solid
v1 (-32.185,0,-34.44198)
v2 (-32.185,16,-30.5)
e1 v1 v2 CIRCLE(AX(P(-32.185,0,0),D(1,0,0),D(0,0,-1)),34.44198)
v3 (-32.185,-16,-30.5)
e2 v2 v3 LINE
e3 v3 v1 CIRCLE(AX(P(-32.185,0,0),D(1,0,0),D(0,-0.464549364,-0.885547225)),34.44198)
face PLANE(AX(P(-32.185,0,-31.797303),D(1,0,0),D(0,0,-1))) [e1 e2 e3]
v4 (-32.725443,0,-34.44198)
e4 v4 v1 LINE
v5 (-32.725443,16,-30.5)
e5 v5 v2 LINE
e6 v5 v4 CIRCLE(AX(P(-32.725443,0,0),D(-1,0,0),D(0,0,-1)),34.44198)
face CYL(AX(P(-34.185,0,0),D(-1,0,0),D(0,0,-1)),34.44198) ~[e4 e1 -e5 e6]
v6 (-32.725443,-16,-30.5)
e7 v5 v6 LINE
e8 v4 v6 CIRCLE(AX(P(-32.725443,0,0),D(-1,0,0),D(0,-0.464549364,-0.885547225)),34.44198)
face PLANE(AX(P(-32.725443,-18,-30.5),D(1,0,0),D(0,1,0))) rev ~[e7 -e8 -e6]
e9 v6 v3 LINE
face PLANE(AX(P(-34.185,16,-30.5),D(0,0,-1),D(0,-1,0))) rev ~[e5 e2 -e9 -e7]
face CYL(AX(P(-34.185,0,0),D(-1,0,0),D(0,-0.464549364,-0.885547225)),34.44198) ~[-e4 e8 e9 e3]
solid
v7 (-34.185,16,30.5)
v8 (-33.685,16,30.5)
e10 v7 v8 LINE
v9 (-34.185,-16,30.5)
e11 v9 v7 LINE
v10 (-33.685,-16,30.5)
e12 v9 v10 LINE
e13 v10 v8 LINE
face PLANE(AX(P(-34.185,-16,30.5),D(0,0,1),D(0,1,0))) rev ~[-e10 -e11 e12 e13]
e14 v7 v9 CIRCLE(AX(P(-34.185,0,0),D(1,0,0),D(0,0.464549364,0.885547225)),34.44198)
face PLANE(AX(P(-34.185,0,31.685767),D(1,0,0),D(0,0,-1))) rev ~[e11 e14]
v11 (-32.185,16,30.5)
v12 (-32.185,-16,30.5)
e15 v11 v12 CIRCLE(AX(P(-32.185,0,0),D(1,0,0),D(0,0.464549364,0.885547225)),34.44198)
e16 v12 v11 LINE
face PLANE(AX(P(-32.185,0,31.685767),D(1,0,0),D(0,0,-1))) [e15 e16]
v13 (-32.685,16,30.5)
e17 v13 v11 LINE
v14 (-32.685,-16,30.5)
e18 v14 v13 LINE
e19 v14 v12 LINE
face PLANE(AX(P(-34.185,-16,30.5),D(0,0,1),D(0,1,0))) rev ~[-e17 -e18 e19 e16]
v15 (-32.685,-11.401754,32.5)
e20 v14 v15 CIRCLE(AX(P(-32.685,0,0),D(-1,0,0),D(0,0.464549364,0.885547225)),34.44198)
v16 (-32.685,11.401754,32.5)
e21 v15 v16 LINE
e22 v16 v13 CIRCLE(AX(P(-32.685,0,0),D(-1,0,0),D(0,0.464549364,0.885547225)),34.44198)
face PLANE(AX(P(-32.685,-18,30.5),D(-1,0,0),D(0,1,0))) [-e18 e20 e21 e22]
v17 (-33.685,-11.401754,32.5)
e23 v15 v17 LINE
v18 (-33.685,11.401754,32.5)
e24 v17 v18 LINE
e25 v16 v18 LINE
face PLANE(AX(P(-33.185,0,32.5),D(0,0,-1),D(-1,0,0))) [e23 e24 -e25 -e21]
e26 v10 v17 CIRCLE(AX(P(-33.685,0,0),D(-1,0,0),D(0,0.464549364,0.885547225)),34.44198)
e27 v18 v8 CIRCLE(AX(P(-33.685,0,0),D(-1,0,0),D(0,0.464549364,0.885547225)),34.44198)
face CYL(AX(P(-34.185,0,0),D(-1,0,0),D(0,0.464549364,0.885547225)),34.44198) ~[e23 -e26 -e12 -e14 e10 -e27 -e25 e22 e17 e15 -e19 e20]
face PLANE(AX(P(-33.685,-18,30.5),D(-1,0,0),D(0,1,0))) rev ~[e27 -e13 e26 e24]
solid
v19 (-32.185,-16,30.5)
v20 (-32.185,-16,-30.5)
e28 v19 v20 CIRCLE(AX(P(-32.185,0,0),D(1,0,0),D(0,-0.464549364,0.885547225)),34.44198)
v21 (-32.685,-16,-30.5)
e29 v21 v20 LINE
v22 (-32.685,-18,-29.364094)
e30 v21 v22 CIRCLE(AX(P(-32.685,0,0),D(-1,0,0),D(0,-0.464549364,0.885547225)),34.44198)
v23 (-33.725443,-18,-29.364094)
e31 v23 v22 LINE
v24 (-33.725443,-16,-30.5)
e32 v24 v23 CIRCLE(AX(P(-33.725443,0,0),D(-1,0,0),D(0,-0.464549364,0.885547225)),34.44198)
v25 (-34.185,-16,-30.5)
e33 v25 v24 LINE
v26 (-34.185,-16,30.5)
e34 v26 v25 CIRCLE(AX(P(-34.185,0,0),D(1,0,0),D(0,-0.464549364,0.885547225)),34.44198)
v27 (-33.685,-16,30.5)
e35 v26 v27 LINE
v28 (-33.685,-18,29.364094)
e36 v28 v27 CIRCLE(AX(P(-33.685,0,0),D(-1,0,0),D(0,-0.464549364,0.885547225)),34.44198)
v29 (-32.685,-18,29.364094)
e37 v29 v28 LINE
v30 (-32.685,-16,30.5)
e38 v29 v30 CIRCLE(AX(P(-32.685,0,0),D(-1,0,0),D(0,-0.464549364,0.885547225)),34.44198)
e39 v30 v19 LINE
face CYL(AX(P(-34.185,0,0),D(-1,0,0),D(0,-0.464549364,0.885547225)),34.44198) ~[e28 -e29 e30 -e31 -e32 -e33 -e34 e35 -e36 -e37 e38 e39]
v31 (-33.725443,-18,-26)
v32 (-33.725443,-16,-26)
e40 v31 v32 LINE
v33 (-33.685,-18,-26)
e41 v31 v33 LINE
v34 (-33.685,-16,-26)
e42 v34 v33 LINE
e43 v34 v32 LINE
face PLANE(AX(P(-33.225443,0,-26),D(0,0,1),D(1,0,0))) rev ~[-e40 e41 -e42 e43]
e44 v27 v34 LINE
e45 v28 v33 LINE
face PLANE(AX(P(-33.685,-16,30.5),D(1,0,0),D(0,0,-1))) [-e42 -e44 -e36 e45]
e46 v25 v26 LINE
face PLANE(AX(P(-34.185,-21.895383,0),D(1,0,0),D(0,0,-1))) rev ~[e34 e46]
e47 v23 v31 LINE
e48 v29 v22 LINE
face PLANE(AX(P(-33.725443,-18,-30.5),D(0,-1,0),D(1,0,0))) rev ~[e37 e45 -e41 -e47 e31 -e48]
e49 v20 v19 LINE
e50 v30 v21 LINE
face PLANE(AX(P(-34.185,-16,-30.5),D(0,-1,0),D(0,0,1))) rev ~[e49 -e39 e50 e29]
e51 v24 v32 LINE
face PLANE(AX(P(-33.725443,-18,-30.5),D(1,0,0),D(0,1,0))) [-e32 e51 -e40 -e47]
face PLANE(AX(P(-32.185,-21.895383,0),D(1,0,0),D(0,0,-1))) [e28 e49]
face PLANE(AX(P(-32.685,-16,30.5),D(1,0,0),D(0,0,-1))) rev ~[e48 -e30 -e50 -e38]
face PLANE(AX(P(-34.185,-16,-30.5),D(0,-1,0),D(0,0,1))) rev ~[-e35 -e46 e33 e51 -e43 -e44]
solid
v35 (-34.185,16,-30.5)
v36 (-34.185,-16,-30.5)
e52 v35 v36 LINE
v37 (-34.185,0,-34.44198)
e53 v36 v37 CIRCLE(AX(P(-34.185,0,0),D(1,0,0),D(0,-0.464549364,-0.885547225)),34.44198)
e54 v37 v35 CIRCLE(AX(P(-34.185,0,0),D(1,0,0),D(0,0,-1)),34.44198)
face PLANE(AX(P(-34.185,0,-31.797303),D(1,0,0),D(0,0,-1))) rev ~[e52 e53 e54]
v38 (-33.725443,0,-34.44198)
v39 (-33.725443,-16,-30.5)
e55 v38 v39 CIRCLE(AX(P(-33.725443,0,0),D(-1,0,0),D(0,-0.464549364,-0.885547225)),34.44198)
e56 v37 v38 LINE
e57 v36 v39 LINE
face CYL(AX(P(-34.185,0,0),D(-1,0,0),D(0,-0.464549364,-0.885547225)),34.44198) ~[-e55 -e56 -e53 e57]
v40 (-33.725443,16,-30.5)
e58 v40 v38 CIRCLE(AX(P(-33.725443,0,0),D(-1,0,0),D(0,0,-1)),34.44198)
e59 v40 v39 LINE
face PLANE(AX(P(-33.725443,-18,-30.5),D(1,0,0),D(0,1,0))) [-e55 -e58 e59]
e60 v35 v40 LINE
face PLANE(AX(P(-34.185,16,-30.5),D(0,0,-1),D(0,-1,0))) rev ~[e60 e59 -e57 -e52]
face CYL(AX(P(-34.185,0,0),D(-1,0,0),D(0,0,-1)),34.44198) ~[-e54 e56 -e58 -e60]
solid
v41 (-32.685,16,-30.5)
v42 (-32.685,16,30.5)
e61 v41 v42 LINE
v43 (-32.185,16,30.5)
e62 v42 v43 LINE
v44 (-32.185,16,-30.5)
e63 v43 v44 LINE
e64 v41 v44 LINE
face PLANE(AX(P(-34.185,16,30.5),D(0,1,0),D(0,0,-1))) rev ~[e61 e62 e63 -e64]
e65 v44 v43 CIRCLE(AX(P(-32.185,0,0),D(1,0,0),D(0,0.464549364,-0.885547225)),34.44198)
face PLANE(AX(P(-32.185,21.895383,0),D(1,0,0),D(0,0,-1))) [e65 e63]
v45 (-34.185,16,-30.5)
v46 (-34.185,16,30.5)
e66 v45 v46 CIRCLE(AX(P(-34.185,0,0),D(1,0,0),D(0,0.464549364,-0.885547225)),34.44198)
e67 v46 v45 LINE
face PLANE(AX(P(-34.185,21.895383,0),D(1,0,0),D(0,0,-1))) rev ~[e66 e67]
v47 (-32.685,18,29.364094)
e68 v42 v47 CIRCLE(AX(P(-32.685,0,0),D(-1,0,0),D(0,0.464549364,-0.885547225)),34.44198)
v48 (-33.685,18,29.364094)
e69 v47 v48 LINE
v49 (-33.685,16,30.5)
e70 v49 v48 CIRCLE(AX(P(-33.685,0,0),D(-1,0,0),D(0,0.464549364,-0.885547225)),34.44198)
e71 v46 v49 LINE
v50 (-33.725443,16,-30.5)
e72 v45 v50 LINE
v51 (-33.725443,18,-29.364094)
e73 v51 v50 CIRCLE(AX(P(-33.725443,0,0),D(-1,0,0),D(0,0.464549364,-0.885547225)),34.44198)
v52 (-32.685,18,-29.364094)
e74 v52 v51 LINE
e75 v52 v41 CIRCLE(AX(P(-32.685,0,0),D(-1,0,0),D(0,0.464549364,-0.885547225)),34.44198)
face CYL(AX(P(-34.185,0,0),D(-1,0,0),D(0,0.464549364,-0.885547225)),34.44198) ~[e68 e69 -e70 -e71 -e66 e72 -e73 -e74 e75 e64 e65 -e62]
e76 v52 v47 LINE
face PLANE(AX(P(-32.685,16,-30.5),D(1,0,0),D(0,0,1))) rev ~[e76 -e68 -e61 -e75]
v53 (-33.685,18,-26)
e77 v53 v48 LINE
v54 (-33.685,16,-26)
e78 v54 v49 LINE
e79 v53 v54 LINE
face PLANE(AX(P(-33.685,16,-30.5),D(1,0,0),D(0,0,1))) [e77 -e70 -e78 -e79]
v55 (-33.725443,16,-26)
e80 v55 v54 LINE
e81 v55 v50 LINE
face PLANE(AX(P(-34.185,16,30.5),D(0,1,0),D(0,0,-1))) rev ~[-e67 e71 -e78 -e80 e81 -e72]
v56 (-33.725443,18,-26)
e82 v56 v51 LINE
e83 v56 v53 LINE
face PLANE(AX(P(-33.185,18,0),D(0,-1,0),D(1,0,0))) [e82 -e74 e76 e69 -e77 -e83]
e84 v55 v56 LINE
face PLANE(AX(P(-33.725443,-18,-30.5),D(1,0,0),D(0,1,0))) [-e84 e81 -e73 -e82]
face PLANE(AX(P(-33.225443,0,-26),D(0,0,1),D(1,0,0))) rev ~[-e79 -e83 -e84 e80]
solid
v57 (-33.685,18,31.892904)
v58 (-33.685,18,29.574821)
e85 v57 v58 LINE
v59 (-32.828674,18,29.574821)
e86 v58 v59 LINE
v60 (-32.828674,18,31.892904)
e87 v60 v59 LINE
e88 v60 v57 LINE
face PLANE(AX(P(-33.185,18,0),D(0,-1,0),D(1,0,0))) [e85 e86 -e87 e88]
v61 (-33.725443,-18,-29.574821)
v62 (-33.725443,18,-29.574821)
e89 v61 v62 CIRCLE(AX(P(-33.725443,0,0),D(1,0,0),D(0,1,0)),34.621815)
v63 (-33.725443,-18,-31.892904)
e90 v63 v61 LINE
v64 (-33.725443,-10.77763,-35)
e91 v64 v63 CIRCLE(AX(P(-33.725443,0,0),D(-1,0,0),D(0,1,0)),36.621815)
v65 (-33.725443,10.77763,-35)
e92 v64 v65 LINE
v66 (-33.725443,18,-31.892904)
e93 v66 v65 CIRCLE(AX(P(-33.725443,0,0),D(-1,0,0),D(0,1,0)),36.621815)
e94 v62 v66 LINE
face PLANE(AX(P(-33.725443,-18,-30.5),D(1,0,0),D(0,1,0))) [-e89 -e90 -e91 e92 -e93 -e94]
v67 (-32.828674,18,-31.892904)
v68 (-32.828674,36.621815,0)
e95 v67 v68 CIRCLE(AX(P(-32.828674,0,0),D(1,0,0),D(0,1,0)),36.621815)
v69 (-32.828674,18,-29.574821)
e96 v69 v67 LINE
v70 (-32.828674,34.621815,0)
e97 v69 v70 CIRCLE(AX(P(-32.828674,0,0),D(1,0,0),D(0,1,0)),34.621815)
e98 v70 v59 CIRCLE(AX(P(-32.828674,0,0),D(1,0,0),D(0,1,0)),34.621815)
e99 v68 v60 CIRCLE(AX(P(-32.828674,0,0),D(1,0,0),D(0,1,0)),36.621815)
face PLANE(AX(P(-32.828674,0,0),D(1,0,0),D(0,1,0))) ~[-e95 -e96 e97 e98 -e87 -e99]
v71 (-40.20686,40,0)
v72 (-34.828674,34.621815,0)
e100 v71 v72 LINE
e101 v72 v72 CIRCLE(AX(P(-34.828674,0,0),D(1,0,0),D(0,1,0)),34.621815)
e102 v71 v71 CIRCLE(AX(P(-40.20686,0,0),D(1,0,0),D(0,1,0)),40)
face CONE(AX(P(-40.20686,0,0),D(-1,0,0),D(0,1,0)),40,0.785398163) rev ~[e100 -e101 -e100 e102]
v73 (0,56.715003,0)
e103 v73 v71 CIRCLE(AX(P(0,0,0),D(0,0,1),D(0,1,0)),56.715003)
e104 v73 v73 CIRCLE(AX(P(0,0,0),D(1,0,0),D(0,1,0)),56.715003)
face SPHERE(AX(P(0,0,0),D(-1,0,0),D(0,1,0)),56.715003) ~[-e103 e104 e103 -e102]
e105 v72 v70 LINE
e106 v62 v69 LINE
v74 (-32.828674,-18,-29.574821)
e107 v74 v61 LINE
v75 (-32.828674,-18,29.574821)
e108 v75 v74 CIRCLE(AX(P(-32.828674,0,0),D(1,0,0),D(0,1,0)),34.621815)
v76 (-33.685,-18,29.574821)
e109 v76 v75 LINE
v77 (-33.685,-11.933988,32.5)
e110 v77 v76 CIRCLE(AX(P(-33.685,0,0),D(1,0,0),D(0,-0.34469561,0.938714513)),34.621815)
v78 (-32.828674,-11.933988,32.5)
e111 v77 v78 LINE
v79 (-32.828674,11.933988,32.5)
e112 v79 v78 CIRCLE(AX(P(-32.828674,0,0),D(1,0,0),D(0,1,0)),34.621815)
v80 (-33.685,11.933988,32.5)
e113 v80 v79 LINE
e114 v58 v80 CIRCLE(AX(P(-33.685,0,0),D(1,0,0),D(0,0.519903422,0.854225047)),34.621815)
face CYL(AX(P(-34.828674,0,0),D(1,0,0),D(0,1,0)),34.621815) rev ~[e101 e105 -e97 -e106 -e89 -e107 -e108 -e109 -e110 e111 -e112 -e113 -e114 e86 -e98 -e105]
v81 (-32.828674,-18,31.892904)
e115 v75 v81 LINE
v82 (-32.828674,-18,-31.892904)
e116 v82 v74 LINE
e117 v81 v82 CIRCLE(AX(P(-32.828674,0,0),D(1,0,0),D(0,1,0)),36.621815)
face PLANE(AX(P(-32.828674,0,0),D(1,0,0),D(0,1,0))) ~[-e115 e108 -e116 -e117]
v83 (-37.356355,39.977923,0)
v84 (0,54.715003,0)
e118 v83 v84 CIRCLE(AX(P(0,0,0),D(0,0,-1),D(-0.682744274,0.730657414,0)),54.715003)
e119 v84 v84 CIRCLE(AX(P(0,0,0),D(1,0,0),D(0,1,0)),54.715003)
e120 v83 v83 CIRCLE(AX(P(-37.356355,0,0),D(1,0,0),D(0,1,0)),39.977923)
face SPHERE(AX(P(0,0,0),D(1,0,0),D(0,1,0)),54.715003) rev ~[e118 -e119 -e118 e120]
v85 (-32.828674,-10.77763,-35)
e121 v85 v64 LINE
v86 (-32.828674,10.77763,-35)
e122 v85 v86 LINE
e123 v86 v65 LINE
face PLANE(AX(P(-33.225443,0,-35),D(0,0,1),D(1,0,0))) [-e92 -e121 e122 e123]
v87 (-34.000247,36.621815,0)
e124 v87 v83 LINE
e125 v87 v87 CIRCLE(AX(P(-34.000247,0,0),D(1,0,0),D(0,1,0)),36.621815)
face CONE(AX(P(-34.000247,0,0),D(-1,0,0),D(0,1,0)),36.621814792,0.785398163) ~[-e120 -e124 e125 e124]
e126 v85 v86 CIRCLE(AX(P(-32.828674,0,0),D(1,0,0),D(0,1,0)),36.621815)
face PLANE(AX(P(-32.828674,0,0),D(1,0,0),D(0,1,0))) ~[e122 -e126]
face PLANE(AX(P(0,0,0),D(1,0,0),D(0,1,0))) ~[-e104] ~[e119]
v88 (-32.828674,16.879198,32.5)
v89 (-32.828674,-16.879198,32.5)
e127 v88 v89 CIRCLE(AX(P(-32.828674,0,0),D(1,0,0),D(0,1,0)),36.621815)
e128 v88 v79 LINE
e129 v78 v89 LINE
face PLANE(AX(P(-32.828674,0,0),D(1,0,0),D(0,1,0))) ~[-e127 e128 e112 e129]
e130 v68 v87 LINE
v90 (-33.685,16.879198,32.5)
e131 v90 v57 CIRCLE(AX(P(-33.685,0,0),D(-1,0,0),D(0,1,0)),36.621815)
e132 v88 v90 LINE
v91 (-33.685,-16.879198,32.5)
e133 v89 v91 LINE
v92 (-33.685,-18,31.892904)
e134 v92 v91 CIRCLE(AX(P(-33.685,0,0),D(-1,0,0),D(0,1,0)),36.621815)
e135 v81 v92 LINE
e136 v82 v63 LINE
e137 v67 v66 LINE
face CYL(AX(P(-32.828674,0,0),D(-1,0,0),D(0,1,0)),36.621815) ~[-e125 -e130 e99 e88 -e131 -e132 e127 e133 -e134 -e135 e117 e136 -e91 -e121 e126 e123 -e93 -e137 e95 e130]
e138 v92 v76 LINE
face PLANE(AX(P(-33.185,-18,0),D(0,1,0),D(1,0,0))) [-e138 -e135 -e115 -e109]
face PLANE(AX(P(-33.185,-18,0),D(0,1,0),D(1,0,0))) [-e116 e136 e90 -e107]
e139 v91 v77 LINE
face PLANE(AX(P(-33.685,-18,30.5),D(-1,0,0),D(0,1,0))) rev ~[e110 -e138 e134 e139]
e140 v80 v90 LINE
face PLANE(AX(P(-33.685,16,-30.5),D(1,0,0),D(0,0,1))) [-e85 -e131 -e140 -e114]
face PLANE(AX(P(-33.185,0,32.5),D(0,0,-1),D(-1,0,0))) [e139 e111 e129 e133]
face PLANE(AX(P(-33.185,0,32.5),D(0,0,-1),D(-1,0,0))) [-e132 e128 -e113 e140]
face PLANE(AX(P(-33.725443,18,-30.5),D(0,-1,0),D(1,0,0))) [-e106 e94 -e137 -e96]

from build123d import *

# Parameters (mm, degrees)
BOSS_EXTRUDE1_DEPTH   = 2
BOSS_EXTRUDE1_2_DEPTH = 2
BOSS_EXTRUDE1_3_DEPTH = 2
BOSS_EXTRUDE1_4_DEPTH = 2
SKETCH9_W             = 1
SKETCH9_H             = 61
CUT_EXTRUDE1_DEPTH    = 2
SKETCH10_W            = 1
SKETCH10_H            = 61
CUT_EXTRUDE2_DEPTH    = 2
SKETCH12_W            = 1
SKETCH12_H            = 36
CUT_EXTRUDE3_DEPTH    = 2
SKETCH13_W            = 1
SKETCH13_H            = 36
CUT_EXTRUDE8_DEPTH    = 4.5


with BuildPart() as part:
    # Sketch1 → Revolve1 (revolve)
    with BuildSketch(Plane.XY):
        with BuildLine():
            Line((-40.206859547, 40), (-34.828674339, 34.621814792))
            Line((-34.828674339, 34.621814792), (-32.828674339, 34.621814792))
            Line((-32.828674339, 34.621814792), (-32.828674339, 36.621814792))
            Line((-32.828674339, 36.621814792), (-34.000247215, 36.621814792))
            Line((-34.000247215, 36.621814792), (-37.356354939, 39.977922516))
            ThreePointArc((-37.356354939, 39.977922516), (-20.079086089, 50.897562268), (0, 54.715002906))
            Line((0, 54.715002906), (0, 56.715002906))
            ThreePointArc((0, 56.715002906), (-21.771442745, 52.369798887), (-40.206859547, 40))
        make_face()
    revolve(axis=Axis((-112.648728237, 0, 0), (1, 0, 0)))


with BuildPart() as body_2:
    # Sketch7 → Boss-Extrude1 (new body)
    with BuildSketch(Plane(origin=(-34.185, 0, 0), x_dir=(0, 0, -1), z_dir=(1, 0, 0))):
        with BuildLine():
            ThreePointArc((30.5, 16), (0, 34.441980199), (-30.5, 16))
            Line((-30.5, 16), (30.5, 16))
        make_face()
    extrude(amount=BOSS_EXTRUDE1_DEPTH)


with BuildPart() as body_3:
    # Sketch7 → Boss-Extrude1 2 (new body)
    with BuildSketch(Plane(origin=(-34.185, 0, 0), x_dir=(0, 0, -1), z_dir=(1, 0, 0))):
        with BuildLine():
            Line((-30.5, -16), (-30.5, 16))
            ThreePointArc((-30.5, 16), (-34.441980199, 0), (-30.5, -16))
        make_face()
    extrude(amount=BOSS_EXTRUDE1_2_DEPTH)


with BuildPart() as body_4:
    # Sketch7 → Boss-Extrude1 3 (new body)
    with BuildSketch(Plane(origin=(-34.185, 0, 0), x_dir=(0, 0, -1), z_dir=(1, 0, 0))):
        with BuildLine():
            Line((30.5, -16), (-30.5, -16))
            ThreePointArc((-30.5, -16), (0, -34.441980199), (30.5, -16))
        make_face()
    extrude(amount=BOSS_EXTRUDE1_3_DEPTH)


with BuildPart() as body_5:
    # Sketch7 → Boss-Extrude1 4 (new body)
    with BuildSketch(Plane(origin=(-34.185, 0, 0), x_dir=(0, 0, -1), z_dir=(1, 0, 0))):
        with BuildLine():
            ThreePointArc((34.441980199, 0), (33.441967616, 8.239223384), (30.5, 16))
            Line((30.5, 16), (30.5, -16))
            ThreePointArc((30.5, -16), (33.441967616, -8.239223384), (34.441980199, 0))
        make_face()
    extrude(amount=BOSS_EXTRUDE1_4_DEPTH)


with BuildPart() as cut_extrude1_tool:
    # Sketch9 → Cut-Extrude1 (new body)
    with BuildSketch(Plane.XZ.offset(-16)):
        with Locations((-33.185, 0)):
            Rectangle(SKETCH9_W, SKETCH9_H)
    extrude(amount=-CUT_EXTRUDE1_DEPTH)


with BuildPart() as part_1:
    add(part.part)

    # Cut-Extrude1: cut by cut_extrude1_tool
    add(cut_extrude1_tool.part, mode=Mode.SUBTRACT)


with BuildPart() as body_2_1:
    add(body_2.part)

    # Cut-Extrude1: cut by cut_extrude1_tool
    add(cut_extrude1_tool.part, mode=Mode.SUBTRACT)


with BuildPart() as cut_extrude2_tool:
    # Sketch10 → Cut-Extrude2 (new body)
    with BuildSketch(Plane(origin=(0, -16, 0), x_dir=(1, 0, 0), z_dir=(0, 1, 0))):
        with Locations((-33.185, 0)):
            Rectangle(SKETCH10_W, SKETCH10_H)
    extrude(amount=-CUT_EXTRUDE2_DEPTH)


with BuildPart() as part_2:
    add(part_1.part)

    # Cut-Extrude2: cut by cut_extrude2_tool
    add(cut_extrude2_tool.part, mode=Mode.SUBTRACT)


with BuildPart() as body_4_1:
    add(body_4.part)

    # Cut-Extrude2: cut by cut_extrude2_tool
    add(cut_extrude2_tool.part, mode=Mode.SUBTRACT)


with BuildPart() as cut_extrude3_tool:
    # Sketch12 → Cut-Extrude3 (new body)
    with BuildSketch(Plane(origin=(0, 0, 30.5), x_dir=(-1, 0, 0), z_dir=(0, 0, -1))):
        with Locations((33.185, 0)):
            Rectangle(SKETCH12_W, SKETCH12_H)
    extrude(amount=-CUT_EXTRUDE3_DEPTH)


with BuildPart() as part_3:
    add(part_2.part)

    # Cut-Extrude3: cut by cut_extrude3_tool
    add(cut_extrude3_tool.part, mode=Mode.SUBTRACT)


with BuildPart() as body_3_1:
    add(body_3.part)

    # Cut-Extrude3: cut by cut_extrude3_tool
    add(cut_extrude3_tool.part, mode=Mode.SUBTRACT)


with BuildPart() as cut_extrude8_tool:
    # Sketch13 → Cut-Extrude8 (new body, symmetric)
    with BuildSketch(Plane.XY.offset(-30.5)):
        with Locations((-33.225443476, 0)):
            Rectangle(SKETCH13_W, SKETCH13_H)
    extrude(amount=CUT_EXTRUDE8_DEPTH, both=True)


with BuildPart() as part_4:
    add(part_3.part)

    # Cut-Extrude8: cut by cut_extrude8_tool
    add(cut_extrude8_tool.part, mode=Mode.SUBTRACT)


with BuildPart() as body_2_2:
    add(body_2_1.part)

    # Cut-Extrude8: cut by cut_extrude8_tool
    add(cut_extrude8_tool.part, mode=Mode.SUBTRACT)


with BuildPart() as body_4_2:
    add(body_4_1.part)

    # Cut-Extrude8: cut by cut_extrude8_tool
    add(cut_extrude8_tool.part, mode=Mode.SUBTRACT)


with BuildPart() as body_5_1:
    add(body_5.part)

    # Cut-Extrude8: cut by cut_extrude8_tool
    add(cut_extrude8_tool.part, mode=Mode.SUBTRACT)


solid = Compound([body_3_1.part, part_4.part, body_2_2.part, body_4_2.part, body_5_1.part])
